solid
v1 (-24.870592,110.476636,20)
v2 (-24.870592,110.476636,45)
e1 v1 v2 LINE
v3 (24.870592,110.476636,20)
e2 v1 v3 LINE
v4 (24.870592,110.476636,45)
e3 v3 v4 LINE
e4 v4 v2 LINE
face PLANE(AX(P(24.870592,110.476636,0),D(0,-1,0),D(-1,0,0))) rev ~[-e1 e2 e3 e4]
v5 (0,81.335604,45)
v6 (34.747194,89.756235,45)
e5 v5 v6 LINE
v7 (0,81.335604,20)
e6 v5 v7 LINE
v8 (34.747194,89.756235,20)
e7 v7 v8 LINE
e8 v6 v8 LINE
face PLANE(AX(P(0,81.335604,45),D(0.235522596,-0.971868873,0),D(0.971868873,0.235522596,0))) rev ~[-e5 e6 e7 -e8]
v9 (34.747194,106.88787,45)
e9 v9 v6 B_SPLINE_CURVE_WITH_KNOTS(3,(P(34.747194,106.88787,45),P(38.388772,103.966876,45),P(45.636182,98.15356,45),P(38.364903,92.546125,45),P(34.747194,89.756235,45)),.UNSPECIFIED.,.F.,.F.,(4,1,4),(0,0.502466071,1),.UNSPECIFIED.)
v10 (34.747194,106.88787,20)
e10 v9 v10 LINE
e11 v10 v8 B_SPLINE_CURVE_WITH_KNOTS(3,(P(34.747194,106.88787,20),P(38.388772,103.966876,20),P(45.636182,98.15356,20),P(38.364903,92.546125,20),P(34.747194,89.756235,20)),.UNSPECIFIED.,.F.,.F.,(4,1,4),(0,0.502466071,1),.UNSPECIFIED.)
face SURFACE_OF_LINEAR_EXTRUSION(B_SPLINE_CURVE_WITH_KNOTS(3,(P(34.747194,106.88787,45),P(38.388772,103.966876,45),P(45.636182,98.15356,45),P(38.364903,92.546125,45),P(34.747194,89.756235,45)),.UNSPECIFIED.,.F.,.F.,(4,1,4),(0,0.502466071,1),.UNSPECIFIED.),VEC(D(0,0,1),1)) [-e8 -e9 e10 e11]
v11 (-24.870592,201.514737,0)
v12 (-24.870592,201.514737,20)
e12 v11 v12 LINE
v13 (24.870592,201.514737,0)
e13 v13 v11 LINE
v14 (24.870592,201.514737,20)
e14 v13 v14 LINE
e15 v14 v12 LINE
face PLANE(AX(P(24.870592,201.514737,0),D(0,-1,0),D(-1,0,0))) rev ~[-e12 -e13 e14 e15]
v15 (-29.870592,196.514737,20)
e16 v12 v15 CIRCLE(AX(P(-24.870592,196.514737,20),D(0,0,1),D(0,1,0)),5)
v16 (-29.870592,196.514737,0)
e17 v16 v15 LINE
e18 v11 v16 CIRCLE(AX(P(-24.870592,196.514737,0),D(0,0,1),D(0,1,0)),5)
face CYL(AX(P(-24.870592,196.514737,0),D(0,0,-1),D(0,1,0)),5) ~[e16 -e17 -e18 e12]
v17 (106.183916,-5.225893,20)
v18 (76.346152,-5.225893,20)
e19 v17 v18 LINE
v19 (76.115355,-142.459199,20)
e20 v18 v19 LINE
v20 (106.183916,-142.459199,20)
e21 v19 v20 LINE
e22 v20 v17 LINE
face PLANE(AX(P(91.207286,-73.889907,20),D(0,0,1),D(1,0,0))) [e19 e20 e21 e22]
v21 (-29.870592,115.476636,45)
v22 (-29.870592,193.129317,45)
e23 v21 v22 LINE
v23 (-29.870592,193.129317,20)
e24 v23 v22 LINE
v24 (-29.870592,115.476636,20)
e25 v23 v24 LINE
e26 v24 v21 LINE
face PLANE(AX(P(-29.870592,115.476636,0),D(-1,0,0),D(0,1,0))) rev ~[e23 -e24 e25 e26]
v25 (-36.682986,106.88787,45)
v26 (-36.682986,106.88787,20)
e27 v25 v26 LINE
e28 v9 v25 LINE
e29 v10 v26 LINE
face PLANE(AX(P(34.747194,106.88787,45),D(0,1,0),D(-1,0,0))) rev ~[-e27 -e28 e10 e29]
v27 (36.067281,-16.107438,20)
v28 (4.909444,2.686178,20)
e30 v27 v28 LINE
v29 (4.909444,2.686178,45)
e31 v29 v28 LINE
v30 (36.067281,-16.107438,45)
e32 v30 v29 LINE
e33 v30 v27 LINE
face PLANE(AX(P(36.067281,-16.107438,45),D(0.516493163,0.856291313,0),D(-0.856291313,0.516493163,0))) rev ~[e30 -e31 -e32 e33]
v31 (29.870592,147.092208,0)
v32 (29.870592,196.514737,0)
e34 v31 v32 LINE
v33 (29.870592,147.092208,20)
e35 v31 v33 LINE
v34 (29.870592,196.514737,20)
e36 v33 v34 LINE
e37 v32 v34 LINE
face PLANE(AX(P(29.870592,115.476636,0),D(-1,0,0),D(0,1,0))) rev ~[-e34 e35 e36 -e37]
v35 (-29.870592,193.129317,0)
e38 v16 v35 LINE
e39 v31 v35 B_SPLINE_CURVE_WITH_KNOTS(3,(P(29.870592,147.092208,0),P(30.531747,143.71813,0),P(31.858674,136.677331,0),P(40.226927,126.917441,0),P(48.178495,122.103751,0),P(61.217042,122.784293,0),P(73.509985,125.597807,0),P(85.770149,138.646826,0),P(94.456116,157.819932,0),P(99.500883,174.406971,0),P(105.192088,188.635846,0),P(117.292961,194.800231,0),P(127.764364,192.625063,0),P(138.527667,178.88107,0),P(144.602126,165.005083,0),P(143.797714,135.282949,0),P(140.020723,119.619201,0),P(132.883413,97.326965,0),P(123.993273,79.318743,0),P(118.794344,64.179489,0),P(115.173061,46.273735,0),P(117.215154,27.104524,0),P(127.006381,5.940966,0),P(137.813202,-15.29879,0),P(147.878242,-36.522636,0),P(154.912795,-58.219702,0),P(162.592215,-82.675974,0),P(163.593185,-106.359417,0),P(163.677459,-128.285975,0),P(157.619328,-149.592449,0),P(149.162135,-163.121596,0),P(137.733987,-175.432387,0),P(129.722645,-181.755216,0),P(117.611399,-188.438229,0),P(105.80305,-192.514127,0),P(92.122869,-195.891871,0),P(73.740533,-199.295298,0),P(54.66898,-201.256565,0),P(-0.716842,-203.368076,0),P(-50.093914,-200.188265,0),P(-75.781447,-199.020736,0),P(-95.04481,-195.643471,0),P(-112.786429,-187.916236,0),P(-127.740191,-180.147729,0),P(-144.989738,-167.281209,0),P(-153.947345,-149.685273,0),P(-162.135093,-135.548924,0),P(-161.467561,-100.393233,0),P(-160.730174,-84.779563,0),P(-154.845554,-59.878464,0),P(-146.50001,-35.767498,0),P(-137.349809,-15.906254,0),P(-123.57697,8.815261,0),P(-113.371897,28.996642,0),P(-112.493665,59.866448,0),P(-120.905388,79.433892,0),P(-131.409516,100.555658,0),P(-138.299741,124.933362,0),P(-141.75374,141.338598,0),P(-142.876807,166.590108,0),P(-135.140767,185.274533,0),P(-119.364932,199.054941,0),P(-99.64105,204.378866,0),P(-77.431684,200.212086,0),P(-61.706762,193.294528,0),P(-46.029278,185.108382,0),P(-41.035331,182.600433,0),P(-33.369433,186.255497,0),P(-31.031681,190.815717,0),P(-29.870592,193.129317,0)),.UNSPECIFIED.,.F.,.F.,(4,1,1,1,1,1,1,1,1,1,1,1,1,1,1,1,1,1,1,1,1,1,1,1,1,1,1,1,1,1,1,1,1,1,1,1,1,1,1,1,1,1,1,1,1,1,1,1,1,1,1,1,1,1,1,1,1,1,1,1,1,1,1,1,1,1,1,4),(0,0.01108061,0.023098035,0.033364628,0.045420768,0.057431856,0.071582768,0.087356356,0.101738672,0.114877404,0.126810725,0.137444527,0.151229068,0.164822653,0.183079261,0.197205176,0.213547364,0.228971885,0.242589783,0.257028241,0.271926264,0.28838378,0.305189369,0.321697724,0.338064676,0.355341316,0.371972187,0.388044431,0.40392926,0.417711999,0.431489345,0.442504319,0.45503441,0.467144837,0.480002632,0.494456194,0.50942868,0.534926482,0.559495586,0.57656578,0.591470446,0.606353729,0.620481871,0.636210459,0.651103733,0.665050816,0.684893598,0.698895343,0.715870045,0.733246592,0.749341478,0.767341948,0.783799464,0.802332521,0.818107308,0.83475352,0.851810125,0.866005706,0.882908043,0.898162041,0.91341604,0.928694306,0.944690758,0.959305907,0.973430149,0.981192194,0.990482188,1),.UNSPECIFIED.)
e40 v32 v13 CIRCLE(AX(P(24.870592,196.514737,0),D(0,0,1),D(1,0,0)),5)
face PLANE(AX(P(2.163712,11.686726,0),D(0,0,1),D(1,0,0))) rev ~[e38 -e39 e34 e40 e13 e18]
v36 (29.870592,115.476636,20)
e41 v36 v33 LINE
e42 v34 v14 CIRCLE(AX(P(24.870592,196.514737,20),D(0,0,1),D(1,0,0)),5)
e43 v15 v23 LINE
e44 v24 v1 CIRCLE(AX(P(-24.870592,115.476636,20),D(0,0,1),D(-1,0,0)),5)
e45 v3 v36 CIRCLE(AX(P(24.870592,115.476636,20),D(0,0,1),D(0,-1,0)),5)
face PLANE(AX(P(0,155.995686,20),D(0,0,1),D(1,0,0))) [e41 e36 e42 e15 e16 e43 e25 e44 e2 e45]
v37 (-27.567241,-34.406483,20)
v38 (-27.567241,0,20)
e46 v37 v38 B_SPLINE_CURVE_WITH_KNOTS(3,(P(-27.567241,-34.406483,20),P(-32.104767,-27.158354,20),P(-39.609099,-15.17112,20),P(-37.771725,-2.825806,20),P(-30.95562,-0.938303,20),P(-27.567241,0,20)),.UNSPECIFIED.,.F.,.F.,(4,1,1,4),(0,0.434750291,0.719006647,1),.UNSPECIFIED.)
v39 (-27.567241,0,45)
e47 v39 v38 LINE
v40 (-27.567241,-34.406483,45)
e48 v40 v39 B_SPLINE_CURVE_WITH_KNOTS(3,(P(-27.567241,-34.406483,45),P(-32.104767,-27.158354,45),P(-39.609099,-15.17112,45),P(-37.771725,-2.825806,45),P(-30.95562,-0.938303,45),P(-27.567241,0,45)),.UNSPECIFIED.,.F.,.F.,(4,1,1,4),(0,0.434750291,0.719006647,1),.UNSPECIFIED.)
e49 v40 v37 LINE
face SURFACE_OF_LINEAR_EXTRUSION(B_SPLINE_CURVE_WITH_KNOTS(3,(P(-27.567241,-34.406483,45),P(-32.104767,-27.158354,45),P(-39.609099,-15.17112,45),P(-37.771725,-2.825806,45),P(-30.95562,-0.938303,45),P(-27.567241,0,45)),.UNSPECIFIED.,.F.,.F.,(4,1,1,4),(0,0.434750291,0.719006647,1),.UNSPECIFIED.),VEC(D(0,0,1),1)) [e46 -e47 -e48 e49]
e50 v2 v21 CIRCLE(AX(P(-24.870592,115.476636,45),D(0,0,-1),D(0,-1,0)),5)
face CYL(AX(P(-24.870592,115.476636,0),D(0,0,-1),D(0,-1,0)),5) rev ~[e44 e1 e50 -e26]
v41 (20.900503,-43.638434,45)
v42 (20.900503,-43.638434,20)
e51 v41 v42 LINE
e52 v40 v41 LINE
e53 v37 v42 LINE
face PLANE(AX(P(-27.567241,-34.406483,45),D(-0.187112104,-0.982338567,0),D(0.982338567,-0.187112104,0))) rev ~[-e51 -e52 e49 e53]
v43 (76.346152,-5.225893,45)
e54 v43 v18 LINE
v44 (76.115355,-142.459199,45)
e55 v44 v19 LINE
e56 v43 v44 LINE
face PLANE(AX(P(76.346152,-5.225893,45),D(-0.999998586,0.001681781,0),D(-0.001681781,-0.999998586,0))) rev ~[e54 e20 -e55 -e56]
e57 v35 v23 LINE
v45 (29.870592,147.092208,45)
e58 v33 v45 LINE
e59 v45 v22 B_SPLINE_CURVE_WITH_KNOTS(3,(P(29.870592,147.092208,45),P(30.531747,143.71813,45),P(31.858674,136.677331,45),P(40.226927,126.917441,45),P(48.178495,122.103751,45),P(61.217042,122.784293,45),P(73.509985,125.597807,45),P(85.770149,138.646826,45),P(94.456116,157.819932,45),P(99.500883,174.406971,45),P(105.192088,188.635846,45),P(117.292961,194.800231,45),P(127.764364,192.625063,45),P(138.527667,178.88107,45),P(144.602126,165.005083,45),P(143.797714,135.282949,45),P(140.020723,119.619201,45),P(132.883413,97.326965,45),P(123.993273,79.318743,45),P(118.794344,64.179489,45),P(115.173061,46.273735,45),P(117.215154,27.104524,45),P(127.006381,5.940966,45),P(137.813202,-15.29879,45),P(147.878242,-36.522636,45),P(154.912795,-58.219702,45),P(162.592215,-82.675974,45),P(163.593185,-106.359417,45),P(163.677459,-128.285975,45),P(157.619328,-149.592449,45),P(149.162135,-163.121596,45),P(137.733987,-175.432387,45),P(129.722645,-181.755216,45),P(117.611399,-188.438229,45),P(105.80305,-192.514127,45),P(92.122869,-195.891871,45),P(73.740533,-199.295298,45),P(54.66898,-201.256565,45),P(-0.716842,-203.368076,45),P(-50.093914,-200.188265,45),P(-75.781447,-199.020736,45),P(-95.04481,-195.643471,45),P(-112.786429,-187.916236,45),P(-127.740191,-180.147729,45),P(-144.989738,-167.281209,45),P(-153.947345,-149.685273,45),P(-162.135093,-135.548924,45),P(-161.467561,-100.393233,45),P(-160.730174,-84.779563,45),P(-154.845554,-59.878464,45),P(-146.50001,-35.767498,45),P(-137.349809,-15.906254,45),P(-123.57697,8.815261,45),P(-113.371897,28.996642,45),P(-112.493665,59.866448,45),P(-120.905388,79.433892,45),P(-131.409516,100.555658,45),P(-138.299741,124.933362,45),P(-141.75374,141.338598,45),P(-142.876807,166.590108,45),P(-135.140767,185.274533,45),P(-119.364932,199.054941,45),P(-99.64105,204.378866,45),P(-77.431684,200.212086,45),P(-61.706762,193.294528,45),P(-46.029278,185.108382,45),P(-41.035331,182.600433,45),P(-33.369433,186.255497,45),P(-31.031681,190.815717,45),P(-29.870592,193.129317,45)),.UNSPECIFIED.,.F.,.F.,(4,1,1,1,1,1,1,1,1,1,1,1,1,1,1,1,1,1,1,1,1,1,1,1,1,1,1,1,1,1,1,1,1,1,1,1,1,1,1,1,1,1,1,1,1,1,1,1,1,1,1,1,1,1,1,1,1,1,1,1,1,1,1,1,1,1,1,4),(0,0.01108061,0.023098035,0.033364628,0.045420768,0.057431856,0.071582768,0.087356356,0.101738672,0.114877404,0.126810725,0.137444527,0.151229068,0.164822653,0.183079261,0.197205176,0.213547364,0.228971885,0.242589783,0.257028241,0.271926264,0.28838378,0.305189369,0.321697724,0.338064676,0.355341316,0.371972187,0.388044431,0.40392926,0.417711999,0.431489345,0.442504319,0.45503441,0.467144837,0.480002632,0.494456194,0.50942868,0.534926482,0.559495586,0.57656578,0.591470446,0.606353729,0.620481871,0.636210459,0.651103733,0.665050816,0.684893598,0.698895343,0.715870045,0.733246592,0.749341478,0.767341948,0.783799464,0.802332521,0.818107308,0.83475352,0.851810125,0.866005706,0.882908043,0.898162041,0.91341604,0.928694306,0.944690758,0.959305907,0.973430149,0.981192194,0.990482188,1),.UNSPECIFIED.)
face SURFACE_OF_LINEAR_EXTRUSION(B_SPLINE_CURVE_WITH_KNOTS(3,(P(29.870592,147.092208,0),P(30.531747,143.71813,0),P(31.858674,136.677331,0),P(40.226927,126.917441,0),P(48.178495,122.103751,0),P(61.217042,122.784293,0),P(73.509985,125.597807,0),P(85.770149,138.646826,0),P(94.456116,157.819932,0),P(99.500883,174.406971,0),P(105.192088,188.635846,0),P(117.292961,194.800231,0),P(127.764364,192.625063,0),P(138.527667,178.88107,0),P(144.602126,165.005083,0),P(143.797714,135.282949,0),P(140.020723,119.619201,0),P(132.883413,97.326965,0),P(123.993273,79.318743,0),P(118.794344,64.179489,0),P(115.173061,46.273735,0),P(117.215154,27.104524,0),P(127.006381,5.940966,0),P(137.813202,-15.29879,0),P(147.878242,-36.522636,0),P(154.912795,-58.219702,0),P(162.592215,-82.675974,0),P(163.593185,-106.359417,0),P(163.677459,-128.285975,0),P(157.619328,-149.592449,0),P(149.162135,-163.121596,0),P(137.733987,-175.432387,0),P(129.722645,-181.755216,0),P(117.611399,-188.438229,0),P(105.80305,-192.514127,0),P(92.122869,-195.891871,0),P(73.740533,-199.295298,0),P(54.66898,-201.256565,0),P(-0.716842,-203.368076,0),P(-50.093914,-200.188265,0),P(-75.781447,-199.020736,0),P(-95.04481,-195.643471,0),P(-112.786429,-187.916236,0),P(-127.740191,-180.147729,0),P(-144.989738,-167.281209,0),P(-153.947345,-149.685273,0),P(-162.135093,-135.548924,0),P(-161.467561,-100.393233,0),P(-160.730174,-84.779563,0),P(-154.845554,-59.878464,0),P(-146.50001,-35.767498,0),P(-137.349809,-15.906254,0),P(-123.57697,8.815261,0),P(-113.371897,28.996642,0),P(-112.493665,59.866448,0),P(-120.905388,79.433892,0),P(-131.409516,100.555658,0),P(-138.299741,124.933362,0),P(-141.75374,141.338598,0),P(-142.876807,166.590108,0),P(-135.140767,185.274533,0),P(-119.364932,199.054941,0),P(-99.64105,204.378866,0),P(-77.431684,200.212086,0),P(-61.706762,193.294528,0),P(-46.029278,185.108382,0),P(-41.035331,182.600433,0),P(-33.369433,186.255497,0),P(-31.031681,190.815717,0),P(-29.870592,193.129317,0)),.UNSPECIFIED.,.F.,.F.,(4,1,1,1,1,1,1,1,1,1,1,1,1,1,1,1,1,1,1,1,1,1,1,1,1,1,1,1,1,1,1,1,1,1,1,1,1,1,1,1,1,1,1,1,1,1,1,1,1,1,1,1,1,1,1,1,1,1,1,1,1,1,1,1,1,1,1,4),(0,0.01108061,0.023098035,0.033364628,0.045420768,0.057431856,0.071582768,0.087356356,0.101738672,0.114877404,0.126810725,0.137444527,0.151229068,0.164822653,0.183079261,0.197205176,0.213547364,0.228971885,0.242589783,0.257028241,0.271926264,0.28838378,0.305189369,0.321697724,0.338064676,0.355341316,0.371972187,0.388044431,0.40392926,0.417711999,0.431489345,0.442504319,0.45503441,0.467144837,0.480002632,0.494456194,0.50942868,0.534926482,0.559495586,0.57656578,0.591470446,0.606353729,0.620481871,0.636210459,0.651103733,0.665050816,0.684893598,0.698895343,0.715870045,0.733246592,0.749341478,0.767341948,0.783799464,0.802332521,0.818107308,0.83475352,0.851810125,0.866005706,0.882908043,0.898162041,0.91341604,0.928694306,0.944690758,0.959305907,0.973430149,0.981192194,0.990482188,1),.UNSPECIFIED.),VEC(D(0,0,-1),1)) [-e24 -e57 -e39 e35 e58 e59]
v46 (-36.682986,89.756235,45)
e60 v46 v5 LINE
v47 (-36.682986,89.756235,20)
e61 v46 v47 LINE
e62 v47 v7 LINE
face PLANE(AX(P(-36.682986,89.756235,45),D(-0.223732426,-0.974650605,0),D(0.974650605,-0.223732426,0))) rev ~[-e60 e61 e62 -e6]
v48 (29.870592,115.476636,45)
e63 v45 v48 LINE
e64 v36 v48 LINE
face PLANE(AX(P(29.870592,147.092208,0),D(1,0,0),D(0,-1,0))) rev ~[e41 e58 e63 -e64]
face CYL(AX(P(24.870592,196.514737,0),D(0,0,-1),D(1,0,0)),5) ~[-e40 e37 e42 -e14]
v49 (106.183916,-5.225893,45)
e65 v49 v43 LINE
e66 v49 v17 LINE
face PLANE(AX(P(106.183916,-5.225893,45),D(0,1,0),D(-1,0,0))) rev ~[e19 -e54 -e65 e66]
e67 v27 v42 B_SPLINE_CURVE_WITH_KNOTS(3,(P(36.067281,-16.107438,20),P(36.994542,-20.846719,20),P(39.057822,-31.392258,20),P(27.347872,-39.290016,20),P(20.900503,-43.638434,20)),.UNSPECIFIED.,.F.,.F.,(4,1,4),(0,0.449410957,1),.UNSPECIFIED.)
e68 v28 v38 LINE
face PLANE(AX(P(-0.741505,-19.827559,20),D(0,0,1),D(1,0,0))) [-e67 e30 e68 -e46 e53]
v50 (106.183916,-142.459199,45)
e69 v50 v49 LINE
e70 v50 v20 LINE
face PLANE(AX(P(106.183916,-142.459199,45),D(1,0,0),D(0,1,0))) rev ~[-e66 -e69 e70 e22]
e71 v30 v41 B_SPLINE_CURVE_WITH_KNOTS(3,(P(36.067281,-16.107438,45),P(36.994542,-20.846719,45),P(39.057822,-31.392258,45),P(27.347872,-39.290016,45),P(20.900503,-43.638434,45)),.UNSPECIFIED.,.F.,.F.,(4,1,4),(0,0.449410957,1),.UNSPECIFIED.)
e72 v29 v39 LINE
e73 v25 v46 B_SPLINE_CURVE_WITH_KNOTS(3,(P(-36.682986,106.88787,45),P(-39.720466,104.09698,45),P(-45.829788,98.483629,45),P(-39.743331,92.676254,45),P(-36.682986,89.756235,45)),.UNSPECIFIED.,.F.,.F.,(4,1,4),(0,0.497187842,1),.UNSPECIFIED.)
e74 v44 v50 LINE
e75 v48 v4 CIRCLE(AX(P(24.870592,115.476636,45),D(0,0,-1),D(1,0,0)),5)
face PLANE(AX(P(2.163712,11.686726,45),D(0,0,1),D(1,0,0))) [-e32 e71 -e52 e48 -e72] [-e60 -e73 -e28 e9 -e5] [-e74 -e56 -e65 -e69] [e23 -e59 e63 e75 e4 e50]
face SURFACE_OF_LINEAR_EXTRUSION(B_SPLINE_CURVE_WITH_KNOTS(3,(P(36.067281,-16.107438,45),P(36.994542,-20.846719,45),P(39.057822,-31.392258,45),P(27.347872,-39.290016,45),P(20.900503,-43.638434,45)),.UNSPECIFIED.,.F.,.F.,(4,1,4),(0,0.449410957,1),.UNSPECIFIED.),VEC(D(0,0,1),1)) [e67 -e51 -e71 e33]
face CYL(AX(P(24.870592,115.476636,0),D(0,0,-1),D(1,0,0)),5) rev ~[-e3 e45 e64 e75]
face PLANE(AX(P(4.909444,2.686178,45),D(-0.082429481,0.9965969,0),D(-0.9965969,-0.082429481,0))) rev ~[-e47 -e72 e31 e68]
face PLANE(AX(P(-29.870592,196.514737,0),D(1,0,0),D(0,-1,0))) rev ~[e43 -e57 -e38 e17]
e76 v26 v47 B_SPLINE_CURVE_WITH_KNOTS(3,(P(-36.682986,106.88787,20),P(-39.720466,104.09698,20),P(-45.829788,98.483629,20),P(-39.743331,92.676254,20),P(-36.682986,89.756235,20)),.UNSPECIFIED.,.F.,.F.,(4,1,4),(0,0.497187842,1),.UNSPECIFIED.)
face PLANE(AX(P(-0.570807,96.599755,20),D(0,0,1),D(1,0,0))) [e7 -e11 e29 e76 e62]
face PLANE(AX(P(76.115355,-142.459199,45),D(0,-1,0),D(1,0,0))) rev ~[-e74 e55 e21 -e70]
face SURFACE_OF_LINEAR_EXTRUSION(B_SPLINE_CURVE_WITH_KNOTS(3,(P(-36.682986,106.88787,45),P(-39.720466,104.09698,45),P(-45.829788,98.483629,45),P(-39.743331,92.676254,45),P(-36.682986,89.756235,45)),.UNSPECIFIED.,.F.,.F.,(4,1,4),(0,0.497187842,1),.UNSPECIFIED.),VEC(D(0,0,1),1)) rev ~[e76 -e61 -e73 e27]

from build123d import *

# Parameters (mm, degrees)
F1_DEPTH = 20
F2_DEPTH = 45
F4_DEPTH = 25


with BuildPart() as f1:
    # F0 (on Top) → F1 (new body)
    with BuildSketch(Plane.XY):
        with BuildLine():
            Line((-29.8705920577, 196.5147366036), (-29.8705920577, 193.129316758))
            Line((-29.8705920577, 193.129316758), (-29.8705920577, 115.4766361822))
            ThreePointArc((-29.8705920577, 115.4766361822), (-28.4061259636, 111.9411022762), (-24.8705920577, 110.4766361822))
            Line((-24.8705920577, 110.4766361822), (24.8705920577, 110.4766361822))
            ThreePointArc((24.8705920577, 110.4766361822), (28.4061259636, 111.9411022762), (29.8705920577, 115.4766361822))
            Line((29.8705920577, 115.4766361822), (29.8705920577, 147.0922082663))
            Line((29.8705920577, 147.0922082663), (29.8705920577, 196.5147366036))
            ThreePointArc((29.8705920577, 196.5147366036), (28.4061259636, 200.0502705095), (24.8705920577, 201.5147366036))
            Line((24.8705920577, 201.5147366036), (-24.8705920577, 201.5147366036))
            ThreePointArc((-24.8705920577, 201.5147366036), (-28.4061259636, 200.0502705095), (-29.8705920577, 196.5147366036))
        make_face()
    extrude(amount=F1_DEPTH)

    # F0 (on Top) → F2 (join)
    with BuildSketch(Plane.XY):
        with BuildLine():
            Line((-29.8705920577, 115.4766361822), (-29.8705920577, 193.129316758))
            add(Edge.make_bspline(
                [(29.8705920577, 147.0922082663), (30.531746817, 143.7181304753), (31.8586736061, 136.6773311817), (40.2269272279, 126.9174405127), (48.1784953176, 122.1037506614), (61.217041667, 122.7842926774), (73.5099845677, 125.5978068548), (85.770149201, 138.6468257697), (94.4561160164, 157.8199323592), (99.50088251, 174.4069712951), (105.1920876932, 188.6358459223), (117.2929606911, 194.8002305369), (127.7643640324, 192.6250625644), (138.5276674967, 178.8810697102), (144.6021258458, 165.0050833741), (143.7977140719, 135.2829485227), (140.0207234027, 119.6192009448), (132.8834127628, 97.3269651359), (123.9932732877, 79.3187425611), (118.7943441681, 64.1794890909), (115.1730607365, 46.2737350246), (117.2151543956, 27.1045241169), (127.0063809782, 5.9409660222), (137.813201916, -15.2987899682), (147.8782415686, -36.5226361096), (154.9127946188, -58.2197018956), (162.5922151777, -82.6759744313), (163.5931851707, -106.3594173033), (163.6774586209, -128.2859751636), (157.6193280426, -149.59244875), (149.1621345275, -163.1215955632), (137.7339873774, -175.4323865264), (129.7226446792, -181.7552160701), (117.6113994021, -188.4382285231), (105.8030502844, -192.5141273046), (92.1228689525, -195.8918705472), (73.740532799, -199.2952979313), (54.6689795027, -201.2565651947), (-0.716842433, -203.3680758556), (-50.0939143492, -200.1882650663), (-75.7814465607, -199.0207361104), (-95.0448103081, -195.6434707926), (-112.7864287672, -187.9162361681), (-127.7401905888, -180.1477286706), (-144.9897376926, -167.2812093663), (-153.9473446352, -149.6852727753), (-162.1350926074, -135.5489242086), (-161.4675605966, -100.3932325917), (-160.7301742904, -84.7795625093), (-154.8455536734, -59.878463956), (-146.5000100066, -35.7674977232), (-137.3498089415, -15.9062538443), (-123.5769695282, 8.8152608172), (-113.3718969355, 28.9966419835), (-112.4936647934, 59.8664479641), (-120.9053880033, 79.4338919494), (-131.4095164403, 100.5556584415), (-138.2997411134, 124.9333615231), (-141.753739531, 141.3385976824), (-142.8768071658, 166.5901083542), (-135.1407667979, 185.274532886), (-119.3649324847, 199.0549410465), (-99.6410499755, 204.378866326), (-77.4316841701, 200.2120864691), (-61.7067620507, 193.294527777), (-46.0292777976, 185.1083817987), (-41.0353311905, 182.600433363), (-33.3694331011, 186.2554969652), (-31.031680794, 190.8157165397), (-29.8705920577, 193.129316758)],
                knots=[0, 0, 0, 0, 0.0110806105, 0.0230980355, 0.0333646277, 0.0454207682, 0.0574318559, 0.0715827681, 0.0873563564, 0.1017386717, 0.1148774038, 0.126810725, 0.1374445275, 0.1512290679, 0.1648226534, 0.1830792606, 0.1972051763, 0.2135473644, 0.2289718846, 0.2425897833, 0.2570282412, 0.2719262639, 0.2883837804, 0.3051893694, 0.3216977241, 0.3380646765, 0.3553413161, 0.3719721867, 0.3880444311, 0.4039292597, 0.4177119987, 0.4314893448, 0.442504319, 0.4550344105, 0.4671448369, 0.4800026319, 0.4944561938, 0.5094286799, 0.5349264816, 0.5594955855, 0.5765657803, 0.5914704463, 0.6063537292, 0.6204818706, 0.6362104594, 0.6511037333, 0.6650508165, 0.6848935983, 0.6988953433, 0.7158700449, 0.7332465918, 0.7493414776, 0.7673419482, 0.7837994644, 0.8023325213, 0.8181073084, 0.8347535197, 0.8518101247, 0.8660057065, 0.8829080426, 0.8981620412, 0.9134160403, 0.9286943065, 0.9446907576, 0.9593059065, 0.9734301489, 0.9811921941, 0.9904821881, 1, 1, 1, 1], degree=3))
            Line((29.8705920577, 147.0922082663), (29.8705920577, 115.4766361822))
            ThreePointArc((29.8705920577, 115.4766361822), (28.4061259636, 111.9411022762), (24.8705920577, 110.4766361822))
            Line((24.8705920577, 110.4766361822), (-24.8705920577, 110.4766361822))
            ThreePointArc((-24.8705920577, 110.4766361822), (-28.4061259636, 111.9411022762), (-29.8705920577, 115.4766361822))
        make_face()
    extrude(amount=F2_DEPTH)

    # F3 (on face) → F4 (cut)
    with BuildSketch(Plane.XY.offset(45)):
        with BuildLine():
            Line((36.0672809184, -16.1074381322), (4.909443669, 2.6861776132))
            Line((4.909443669, 2.6861776132), (-27.5672413409, 0))
            add(Edge.make_bspline(
                [(-27.5672413409, -34.4064831734), (-32.1047665652, -27.1583537254), (-39.6090991937, -15.1711202397), (-37.7717245323, -2.8258060452), (-30.95562002, -0.9383033687), (-27.5672413409, 0)],
                knots=[0, 0, 0, 0, 0.4347502915, 0.7190066471, 1, 1, 1, 1], degree=3))
            Line((-27.5672413409, -34.4064831734), (20.9005028009, -43.6384342611))
            add(Edge.make_bspline(
                [(36.0672809184, -16.1074381322), (36.9945415741, -20.8467189716), (39.0578216088, -31.3922581084), (27.3478724807, -39.2900155516), (20.9005028009, -43.6384342611)],
                knots=[0, 0, 0, 0, 0.4494109574, 1, 1, 1, 1], degree=3))
        make_face()
        with BuildLine():
            Line((34.7471944988, 106.8878695369), (-36.682985723, 106.8878695369))
            add(Edge.make_bspline(
                [(-36.682985723, 106.8878695369), (-39.720466228, 104.0969797334), (-45.8297879976, 98.4836288642), (-39.7433305357, 92.6762541129), (-36.682985723, 89.7562354803)],
                knots=[0, 0, 0, 0, 0.4971878417, 1, 1, 1, 1], degree=3))
            Line((-36.682985723, 89.7562354803), (0, 81.3356041908))
            Line((0, 81.3356041908), (34.7471944988, 89.7562354803))
            add(Edge.make_bspline(
                [(34.7471944988, 106.8878695369), (38.3887719333, 103.9668755553), (45.6361815496, 98.1535596908), (38.3649025224, 92.5461246621), (34.7471944988, 89.7562354803)],
                knots=[0, 0, 0, 0, 0.502466071, 1, 1, 1, 1], degree=3))
        make_face()
        Polygon((106.1839163303, -5.2258926444), (76.3461515307, -5.2258926444), (76.1153548956, -142.4591988325), (106.1839163303, -142.4591988325), (106.1839163303, -141.4718478918), align=None)
    extrude(amount=-F4_DEPTH, mode=Mode.SUBTRACT)


solid = f1.part
